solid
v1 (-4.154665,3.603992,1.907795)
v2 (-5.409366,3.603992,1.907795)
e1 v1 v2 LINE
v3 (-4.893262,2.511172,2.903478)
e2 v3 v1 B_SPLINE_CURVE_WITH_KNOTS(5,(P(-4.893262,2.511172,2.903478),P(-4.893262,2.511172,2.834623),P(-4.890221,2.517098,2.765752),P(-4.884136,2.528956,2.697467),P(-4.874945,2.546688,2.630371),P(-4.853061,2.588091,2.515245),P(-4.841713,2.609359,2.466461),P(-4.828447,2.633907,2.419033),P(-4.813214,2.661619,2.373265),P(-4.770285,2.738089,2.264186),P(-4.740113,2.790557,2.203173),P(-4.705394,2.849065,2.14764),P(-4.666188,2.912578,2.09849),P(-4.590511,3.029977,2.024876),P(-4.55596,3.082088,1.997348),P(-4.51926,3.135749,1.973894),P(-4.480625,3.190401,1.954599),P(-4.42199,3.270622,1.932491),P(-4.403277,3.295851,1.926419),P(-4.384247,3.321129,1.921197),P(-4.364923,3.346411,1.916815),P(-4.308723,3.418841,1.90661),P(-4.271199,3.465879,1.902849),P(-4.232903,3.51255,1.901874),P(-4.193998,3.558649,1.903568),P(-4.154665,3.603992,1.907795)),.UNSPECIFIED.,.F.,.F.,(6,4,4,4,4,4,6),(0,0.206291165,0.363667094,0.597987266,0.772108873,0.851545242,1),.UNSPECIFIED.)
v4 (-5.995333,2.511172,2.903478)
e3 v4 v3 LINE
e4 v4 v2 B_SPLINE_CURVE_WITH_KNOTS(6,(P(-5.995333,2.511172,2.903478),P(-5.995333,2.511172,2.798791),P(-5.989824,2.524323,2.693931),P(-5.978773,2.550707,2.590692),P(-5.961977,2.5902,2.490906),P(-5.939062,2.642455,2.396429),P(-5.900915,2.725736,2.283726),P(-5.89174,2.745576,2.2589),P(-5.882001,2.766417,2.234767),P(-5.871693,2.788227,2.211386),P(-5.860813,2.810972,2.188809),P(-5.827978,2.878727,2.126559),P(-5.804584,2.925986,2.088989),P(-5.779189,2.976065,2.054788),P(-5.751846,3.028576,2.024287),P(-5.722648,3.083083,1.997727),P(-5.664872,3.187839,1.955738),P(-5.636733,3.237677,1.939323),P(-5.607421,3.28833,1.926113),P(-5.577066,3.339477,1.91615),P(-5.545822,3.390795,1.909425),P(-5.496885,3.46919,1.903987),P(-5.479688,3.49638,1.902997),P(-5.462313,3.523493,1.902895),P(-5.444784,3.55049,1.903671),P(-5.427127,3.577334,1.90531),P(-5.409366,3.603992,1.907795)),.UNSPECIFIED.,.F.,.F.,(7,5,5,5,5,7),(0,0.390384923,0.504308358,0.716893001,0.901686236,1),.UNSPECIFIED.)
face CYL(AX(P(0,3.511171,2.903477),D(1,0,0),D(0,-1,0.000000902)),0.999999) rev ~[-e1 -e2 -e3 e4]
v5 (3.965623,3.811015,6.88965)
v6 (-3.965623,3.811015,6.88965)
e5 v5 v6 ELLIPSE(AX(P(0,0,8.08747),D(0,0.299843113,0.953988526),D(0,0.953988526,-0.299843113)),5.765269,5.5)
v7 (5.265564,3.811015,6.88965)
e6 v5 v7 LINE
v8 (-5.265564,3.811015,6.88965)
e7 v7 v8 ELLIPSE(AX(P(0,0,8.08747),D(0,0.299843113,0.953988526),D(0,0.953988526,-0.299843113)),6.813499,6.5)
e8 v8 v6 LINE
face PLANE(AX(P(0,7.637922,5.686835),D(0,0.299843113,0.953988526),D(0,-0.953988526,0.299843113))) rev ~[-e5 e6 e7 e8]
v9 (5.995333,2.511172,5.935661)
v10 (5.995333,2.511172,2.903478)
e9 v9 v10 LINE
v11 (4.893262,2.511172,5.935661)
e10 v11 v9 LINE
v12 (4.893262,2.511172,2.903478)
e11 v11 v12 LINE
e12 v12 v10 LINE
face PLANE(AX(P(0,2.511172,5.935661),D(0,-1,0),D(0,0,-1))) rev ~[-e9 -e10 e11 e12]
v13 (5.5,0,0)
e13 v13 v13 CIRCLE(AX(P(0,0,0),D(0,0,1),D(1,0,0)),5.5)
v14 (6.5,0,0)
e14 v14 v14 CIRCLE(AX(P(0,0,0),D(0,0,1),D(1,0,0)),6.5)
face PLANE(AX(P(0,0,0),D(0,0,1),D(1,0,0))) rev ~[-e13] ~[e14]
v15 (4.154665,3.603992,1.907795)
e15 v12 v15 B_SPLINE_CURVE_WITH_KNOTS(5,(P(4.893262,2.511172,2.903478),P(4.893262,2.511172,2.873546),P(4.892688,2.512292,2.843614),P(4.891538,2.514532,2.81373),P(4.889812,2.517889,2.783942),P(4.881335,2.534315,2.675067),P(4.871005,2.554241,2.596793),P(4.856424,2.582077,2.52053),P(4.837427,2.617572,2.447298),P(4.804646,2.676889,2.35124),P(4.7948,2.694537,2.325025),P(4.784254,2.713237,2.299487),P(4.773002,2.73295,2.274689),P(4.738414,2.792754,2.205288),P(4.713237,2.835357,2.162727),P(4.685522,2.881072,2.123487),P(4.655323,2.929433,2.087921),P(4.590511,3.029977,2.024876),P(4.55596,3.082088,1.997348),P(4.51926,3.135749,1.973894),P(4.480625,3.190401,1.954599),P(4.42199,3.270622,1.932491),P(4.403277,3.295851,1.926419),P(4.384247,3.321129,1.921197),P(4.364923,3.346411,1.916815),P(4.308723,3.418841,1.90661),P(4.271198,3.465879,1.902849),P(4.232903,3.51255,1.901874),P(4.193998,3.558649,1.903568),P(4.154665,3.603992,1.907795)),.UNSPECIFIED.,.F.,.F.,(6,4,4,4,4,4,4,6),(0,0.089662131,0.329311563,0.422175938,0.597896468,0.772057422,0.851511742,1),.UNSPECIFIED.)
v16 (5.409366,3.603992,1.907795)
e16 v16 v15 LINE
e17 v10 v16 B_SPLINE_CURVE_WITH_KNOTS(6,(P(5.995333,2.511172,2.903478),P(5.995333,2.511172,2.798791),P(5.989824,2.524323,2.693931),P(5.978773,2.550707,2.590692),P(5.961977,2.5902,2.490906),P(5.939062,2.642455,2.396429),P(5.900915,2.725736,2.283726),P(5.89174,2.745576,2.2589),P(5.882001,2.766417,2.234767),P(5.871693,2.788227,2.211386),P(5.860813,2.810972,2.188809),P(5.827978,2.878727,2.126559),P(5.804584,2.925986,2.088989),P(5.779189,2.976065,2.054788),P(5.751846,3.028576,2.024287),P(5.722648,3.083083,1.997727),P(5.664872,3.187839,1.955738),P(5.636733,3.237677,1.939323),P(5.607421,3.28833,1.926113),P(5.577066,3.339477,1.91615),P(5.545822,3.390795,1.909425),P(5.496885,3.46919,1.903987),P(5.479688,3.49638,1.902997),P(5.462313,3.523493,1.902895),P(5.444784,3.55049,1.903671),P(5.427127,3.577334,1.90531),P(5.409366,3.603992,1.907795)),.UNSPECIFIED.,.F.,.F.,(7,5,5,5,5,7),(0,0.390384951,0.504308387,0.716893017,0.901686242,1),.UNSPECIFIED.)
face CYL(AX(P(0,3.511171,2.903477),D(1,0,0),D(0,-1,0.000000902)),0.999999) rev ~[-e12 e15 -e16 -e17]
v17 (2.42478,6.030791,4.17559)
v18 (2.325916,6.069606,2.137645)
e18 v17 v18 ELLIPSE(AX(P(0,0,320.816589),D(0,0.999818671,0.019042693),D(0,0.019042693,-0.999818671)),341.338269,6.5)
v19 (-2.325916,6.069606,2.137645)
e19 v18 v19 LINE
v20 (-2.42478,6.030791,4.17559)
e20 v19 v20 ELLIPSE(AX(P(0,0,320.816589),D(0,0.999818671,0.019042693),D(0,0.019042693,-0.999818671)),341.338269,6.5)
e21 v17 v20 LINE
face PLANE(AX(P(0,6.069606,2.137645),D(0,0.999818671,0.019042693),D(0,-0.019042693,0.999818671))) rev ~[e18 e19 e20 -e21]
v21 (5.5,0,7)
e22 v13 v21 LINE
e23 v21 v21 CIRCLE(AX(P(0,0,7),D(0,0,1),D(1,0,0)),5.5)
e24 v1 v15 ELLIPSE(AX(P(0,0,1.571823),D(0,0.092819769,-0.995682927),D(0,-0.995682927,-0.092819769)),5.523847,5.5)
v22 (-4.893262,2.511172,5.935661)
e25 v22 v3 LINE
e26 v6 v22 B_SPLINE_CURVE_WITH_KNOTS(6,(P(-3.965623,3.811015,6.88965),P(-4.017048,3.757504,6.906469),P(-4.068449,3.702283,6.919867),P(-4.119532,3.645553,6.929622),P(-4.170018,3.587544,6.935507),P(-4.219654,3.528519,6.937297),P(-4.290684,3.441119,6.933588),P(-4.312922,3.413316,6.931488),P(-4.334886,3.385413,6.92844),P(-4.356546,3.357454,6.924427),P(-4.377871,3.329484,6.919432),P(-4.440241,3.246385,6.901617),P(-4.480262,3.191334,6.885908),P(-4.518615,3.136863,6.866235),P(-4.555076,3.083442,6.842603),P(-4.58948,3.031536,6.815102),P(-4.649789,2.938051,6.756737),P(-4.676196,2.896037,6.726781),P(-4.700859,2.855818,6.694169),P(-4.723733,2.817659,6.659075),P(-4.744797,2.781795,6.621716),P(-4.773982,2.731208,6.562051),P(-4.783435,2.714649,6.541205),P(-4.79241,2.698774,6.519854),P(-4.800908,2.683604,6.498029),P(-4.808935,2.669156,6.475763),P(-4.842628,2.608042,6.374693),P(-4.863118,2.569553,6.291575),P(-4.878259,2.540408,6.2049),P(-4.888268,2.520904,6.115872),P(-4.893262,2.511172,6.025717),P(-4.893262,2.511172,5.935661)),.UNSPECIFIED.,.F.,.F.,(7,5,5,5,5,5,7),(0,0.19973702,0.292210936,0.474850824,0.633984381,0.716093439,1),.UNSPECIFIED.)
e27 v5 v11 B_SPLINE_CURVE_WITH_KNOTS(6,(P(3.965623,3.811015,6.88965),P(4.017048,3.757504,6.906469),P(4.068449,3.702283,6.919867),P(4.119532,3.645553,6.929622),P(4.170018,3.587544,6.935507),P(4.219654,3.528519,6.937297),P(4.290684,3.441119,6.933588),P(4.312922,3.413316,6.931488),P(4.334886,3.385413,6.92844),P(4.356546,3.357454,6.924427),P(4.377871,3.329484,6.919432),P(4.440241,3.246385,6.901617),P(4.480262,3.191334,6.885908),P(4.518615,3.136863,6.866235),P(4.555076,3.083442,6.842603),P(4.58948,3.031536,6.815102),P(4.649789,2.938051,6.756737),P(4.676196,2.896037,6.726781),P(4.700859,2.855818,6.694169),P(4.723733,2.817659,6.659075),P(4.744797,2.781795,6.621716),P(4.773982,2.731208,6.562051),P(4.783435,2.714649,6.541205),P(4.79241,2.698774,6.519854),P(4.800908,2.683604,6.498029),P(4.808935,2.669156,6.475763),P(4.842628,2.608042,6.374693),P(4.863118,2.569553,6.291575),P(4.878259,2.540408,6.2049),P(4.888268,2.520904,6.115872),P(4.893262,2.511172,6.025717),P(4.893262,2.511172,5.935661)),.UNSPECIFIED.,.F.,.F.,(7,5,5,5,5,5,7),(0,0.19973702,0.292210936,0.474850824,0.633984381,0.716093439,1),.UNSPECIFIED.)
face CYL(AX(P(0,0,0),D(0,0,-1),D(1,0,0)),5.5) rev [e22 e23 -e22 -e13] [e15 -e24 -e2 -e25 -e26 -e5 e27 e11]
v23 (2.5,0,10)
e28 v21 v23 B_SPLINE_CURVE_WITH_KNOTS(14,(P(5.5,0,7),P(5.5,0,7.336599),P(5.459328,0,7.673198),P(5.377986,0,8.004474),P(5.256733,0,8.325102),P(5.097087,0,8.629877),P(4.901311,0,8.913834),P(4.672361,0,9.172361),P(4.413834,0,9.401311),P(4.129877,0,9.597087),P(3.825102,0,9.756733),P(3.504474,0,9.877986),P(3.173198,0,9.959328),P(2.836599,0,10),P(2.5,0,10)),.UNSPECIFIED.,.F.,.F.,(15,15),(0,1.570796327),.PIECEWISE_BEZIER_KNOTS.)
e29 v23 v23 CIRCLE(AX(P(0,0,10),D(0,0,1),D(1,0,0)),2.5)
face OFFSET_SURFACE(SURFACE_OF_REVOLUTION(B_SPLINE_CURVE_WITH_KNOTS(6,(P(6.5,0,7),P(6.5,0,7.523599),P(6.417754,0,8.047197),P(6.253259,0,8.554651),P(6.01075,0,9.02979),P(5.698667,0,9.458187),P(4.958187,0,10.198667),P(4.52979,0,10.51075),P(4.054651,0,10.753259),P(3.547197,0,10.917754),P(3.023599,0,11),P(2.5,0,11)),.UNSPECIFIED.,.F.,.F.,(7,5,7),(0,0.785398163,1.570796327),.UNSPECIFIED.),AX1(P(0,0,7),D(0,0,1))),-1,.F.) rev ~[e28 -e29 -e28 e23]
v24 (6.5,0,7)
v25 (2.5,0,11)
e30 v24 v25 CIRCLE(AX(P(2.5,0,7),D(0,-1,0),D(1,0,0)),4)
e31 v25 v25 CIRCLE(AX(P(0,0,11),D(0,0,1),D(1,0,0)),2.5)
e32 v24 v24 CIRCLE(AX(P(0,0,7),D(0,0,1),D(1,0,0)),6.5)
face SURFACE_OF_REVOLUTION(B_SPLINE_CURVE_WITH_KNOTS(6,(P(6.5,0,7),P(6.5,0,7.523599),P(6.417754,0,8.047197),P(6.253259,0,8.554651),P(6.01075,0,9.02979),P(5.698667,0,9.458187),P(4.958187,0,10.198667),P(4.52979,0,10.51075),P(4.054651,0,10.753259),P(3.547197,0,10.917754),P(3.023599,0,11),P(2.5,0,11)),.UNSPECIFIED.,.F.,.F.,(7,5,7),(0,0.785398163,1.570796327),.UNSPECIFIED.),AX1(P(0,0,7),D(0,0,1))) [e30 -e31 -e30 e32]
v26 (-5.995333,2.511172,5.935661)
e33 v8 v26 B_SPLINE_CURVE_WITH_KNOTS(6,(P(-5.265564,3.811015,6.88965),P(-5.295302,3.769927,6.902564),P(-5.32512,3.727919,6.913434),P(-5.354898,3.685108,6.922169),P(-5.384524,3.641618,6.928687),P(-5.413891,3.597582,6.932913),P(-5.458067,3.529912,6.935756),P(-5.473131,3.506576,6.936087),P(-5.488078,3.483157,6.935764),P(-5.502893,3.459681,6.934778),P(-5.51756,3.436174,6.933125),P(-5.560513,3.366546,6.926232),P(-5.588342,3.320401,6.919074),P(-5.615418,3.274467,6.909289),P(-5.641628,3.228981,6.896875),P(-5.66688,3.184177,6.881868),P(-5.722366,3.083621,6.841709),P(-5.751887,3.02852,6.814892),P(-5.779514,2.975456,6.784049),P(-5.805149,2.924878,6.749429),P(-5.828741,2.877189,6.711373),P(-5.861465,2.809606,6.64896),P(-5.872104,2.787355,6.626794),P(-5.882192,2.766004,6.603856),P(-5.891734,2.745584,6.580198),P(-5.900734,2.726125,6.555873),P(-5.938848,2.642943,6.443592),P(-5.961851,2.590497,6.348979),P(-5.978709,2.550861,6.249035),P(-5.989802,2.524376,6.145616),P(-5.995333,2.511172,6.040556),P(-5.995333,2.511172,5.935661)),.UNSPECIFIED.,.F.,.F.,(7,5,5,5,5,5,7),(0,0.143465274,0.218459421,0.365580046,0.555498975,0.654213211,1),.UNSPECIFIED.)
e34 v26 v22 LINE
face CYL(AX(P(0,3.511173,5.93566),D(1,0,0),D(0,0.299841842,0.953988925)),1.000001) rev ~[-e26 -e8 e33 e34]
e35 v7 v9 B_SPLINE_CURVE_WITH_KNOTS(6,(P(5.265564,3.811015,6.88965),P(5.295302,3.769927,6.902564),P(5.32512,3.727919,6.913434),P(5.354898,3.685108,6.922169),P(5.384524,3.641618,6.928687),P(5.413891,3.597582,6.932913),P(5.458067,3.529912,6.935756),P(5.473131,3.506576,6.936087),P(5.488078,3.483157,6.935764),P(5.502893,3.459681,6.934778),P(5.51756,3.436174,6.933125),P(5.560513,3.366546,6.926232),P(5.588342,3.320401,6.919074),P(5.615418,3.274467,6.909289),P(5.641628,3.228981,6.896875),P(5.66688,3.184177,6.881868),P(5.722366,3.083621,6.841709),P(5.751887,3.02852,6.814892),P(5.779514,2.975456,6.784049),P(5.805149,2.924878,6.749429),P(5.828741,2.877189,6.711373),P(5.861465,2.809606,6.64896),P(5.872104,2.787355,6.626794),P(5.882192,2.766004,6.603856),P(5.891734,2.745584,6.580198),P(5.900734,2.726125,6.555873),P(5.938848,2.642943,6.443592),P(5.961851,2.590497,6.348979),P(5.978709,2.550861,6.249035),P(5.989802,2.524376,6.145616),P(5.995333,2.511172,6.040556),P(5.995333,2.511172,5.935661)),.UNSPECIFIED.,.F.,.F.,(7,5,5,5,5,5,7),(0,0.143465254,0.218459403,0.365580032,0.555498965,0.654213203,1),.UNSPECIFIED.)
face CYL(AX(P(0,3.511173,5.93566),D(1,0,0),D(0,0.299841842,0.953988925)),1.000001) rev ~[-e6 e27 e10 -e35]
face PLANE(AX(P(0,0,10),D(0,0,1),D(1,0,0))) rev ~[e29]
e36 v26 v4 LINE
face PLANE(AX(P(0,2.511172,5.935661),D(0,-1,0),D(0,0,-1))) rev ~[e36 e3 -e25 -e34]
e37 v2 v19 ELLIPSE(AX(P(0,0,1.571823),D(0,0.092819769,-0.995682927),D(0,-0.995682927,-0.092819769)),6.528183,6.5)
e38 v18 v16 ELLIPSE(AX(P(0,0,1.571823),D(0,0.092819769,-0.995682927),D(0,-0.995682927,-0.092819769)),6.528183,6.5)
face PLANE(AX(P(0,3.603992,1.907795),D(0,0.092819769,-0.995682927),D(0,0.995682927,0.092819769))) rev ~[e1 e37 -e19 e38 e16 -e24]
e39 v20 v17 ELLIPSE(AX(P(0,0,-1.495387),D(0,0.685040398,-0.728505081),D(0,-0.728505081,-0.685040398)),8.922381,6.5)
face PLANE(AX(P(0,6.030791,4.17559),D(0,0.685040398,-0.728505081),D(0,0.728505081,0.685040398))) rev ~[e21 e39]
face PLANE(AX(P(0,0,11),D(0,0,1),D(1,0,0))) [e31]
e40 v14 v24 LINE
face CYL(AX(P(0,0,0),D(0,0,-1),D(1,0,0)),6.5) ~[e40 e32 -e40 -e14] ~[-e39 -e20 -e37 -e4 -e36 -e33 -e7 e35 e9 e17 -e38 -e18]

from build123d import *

# Parameters (mm, degrees)
F0_R     = 6.5
F1_DEPTH = 11
F2_R     = 4
F3_T     = -1
F5_DEPTH = 12.5


with BuildPart() as f1:
    # F0 (on Top) → F1 (new body)
    with BuildSketch(Plane.XY):
        Circle(F0_R)
    extrude(amount=F1_DEPTH)

    # F2
    f2_edges = [f1.edges().sort_by_distance(p)[0] for p in [
        (-6.5, 0, 11),
    ]]
    fillet(f2_edges, radius=F2_R)

    # F3
    f3_openings = [f1.faces().sort_by_distance(p)[0] for p in [
        (0, 0, 0),
    ]]
    offset(amount=F3_T, openings=f3_openings)

    # F4 (on Right) → F5 (cut, symmetric)
    with BuildSketch(Plane.YZ):
        with BuildLine():
            Line((6.030791, 4.17559), (7.637922, 5.686835))
            Line((7.637922, 5.686835), (3.811015, 6.88965))
            ThreePointArc((3.811015, 6.88965), (2.919498, 6.741838), (2.511172, 5.935661))
            Line((2.511172, 5.935661), (2.511172, 2.903478))
            ThreePointArc((2.511172, 2.903478), (2.837681, 2.164282), (3.603992, 1.907795))
            Line((3.603992, 1.907795), (6.069606, 2.137645))
            Line((6.069606, 2.137645), (6.030791, 4.17559))
        make_face()
    extrude(amount=F5_DEPTH, both=True, mode=Mode.SUBTRACT)


solid = f1.part
